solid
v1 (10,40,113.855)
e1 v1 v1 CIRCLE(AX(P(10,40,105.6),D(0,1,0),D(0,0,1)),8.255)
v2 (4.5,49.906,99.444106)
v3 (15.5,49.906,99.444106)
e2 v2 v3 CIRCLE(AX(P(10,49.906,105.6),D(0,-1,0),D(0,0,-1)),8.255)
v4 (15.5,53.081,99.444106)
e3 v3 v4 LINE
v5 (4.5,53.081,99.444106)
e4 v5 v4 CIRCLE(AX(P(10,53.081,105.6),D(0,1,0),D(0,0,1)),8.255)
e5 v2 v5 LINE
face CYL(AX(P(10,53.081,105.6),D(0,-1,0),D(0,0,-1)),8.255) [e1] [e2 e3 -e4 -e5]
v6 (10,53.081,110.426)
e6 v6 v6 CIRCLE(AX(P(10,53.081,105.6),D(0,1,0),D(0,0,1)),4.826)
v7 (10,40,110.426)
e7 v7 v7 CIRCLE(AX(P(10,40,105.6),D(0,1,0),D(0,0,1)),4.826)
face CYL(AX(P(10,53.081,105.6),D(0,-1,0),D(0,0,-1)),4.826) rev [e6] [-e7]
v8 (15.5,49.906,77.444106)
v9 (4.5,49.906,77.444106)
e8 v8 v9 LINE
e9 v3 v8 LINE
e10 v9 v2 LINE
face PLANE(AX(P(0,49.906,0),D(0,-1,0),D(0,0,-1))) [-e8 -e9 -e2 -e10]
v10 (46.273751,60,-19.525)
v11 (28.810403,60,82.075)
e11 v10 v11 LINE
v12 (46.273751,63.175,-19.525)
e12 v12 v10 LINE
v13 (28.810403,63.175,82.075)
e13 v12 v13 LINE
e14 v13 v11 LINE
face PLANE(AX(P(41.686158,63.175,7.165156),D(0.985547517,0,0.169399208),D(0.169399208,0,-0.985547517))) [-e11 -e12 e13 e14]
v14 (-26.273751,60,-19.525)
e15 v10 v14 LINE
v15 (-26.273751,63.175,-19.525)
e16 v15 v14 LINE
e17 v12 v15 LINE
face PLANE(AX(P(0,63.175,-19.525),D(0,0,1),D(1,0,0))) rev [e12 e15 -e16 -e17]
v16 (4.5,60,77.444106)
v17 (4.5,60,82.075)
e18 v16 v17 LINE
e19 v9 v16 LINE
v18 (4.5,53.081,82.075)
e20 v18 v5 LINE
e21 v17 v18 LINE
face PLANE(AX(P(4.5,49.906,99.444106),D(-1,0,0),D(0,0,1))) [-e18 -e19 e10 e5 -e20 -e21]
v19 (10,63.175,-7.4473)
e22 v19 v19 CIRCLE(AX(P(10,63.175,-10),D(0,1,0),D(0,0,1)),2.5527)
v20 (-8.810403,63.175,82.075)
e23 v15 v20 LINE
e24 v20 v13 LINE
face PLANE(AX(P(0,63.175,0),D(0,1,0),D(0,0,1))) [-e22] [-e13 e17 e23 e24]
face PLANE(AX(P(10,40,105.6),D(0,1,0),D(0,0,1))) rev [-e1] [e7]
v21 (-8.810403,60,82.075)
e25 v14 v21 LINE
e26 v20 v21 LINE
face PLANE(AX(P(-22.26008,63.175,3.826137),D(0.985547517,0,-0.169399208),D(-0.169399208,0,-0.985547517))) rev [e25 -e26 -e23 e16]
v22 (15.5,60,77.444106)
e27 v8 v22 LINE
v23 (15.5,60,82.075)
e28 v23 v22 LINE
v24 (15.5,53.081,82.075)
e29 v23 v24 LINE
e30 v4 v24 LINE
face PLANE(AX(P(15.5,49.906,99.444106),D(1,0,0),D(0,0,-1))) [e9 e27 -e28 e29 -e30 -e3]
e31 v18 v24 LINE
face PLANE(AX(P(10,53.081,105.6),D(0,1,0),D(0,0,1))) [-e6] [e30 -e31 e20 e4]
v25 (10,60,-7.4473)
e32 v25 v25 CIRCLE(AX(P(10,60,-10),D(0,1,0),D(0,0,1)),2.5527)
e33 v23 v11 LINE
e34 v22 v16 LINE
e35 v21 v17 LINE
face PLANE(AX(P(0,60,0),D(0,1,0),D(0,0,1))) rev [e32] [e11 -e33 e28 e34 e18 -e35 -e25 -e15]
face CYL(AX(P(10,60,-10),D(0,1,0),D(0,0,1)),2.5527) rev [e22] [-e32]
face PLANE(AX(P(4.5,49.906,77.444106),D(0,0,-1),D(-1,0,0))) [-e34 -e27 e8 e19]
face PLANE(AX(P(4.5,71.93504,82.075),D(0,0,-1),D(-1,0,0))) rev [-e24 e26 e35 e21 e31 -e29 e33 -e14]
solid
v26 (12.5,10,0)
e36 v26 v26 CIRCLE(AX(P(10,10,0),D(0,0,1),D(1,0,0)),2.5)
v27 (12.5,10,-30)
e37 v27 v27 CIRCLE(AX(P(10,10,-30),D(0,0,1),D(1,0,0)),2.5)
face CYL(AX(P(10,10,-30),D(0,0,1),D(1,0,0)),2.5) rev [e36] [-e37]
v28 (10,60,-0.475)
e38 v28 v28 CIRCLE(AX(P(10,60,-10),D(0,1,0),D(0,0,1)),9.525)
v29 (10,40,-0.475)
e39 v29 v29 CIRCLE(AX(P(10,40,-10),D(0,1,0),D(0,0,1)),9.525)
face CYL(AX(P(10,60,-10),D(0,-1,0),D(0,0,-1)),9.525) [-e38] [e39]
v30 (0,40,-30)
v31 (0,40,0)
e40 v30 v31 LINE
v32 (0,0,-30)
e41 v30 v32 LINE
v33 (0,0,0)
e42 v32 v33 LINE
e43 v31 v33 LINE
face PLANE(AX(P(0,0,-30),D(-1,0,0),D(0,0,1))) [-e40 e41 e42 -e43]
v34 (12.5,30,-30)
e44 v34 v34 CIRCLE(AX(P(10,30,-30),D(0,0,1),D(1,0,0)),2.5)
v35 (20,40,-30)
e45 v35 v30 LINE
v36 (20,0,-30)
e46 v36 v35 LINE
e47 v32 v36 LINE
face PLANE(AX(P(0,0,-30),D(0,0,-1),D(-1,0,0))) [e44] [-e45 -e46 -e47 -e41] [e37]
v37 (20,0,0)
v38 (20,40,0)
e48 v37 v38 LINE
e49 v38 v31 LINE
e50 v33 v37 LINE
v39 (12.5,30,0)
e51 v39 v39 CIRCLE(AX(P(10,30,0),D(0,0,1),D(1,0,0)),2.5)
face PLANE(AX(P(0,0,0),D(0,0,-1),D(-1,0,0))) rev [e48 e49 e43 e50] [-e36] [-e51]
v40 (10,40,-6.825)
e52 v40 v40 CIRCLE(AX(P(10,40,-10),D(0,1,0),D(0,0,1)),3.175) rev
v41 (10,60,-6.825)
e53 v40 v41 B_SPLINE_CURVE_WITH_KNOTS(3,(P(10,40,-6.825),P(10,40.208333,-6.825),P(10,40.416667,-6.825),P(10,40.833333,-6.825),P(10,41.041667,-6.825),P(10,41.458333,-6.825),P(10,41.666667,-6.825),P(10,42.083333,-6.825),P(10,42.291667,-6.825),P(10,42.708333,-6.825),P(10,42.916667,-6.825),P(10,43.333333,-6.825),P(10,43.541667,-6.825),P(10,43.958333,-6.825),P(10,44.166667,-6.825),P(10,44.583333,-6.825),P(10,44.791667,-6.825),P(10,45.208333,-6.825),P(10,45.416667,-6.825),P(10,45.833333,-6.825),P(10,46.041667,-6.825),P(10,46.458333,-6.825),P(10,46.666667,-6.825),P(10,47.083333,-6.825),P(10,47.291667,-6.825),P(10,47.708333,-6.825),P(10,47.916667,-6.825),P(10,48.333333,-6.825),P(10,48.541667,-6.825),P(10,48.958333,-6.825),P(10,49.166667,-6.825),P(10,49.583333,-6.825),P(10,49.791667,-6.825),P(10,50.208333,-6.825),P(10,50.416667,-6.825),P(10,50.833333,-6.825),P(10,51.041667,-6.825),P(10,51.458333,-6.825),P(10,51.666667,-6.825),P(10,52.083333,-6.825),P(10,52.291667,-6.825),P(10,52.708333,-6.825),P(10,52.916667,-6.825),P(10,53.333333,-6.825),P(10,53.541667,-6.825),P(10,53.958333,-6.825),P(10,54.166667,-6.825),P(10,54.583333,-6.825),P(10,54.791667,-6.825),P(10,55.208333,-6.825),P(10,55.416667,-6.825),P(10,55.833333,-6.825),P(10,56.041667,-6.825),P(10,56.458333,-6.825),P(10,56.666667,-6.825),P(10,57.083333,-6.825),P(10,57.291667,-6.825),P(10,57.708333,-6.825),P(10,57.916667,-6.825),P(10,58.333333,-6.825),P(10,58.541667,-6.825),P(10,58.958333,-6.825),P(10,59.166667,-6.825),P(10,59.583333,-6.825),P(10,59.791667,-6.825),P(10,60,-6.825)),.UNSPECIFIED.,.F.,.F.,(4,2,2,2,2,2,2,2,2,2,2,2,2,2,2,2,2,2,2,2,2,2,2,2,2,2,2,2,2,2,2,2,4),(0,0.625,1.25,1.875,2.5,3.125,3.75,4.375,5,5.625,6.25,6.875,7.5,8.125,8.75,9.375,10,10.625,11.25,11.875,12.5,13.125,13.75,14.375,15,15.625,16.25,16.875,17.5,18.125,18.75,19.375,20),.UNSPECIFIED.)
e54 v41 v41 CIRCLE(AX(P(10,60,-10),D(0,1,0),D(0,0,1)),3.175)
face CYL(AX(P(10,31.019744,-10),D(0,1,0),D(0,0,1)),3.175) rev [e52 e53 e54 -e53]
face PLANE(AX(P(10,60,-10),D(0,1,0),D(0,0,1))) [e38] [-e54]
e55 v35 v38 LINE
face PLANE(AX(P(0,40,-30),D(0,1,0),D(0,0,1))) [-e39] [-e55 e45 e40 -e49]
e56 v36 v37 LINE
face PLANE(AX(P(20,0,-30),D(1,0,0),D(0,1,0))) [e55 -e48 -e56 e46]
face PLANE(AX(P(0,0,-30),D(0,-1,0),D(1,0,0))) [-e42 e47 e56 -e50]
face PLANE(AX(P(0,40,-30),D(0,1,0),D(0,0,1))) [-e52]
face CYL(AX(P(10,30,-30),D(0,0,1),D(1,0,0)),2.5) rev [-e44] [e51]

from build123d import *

# Parameters (mm, degrees)
SKETCH1_W           = 20
SKETCH1_H           = 40
SKETCH1_R           = 2.5
BOSS_EXTRUDE1_DEPTH = 30
SKETCH3_R           = 9.525
BOSS_EXTRUDE2_DEPTH = 20
SKETCH5_R           = 3.175
CUT_EXTRUDE1_DEPTH  = 20
SKETCH4_R           = 4.826
BOSS_EXTRUDE3_DEPTH = 3.175
SKETCH7_R           = 8.255
SKETCH7_R_2         = 4.826
BOSS_EXTRUDE5_DEPTH = 13.081
SKETCH9_W           = 11
SKETCH9_H           = 22
BOSS_EXTRUDE6_DEPTH = 3.175
SKETCH10_W          = 11
SKETCH10_H          = 4.630893518
BOSS_EXTRUDE7_DEPTH = 6.919
SKETCH13_R          = 2.5527
CUT_EXTRUDE5_DEPTH  = 3.175


with BuildPart() as part:
    # Sketch1 → Boss-Extrude1 (new body)
    with BuildSketch(Plane.XY):
        with Locations((10, 20)):
            Rectangle(SKETCH1_W, SKETCH1_H)
        with Locations((10, 30)):
            Circle(SKETCH1_R, mode=Mode.SUBTRACT)
        with Locations((10, 10)):
            Circle(SKETCH1_R, mode=Mode.SUBTRACT)
    extrude(amount=-BOSS_EXTRUDE1_DEPTH)

    # Sketch3 → Boss-Extrude2 (add)
    with BuildSketch(Plane(origin=(0, 40, 0), x_dir=(1, 0, 0), z_dir=(0, 1, 0))):
        with Locations(Location((10, 10, 0), (0, 0, 270))):
            Circle(SKETCH3_R)
    extrude(amount=BOSS_EXTRUDE2_DEPTH)

    # Sketch5 → Cut-Extrude1 (cut)
    with BuildSketch(Plane(origin=(0, 60, 0), x_dir=(1, 0, 0), z_dir=(0, 1, 0))):
        with Locations(Location((10, 10, 0), (0, 0, 270))):
            Circle(SKETCH5_R)
    extrude(amount=-CUT_EXTRUDE1_DEPTH, mode=Mode.SUBTRACT)


with BuildPart() as body_2:
    # Sketch4 → Boss-Extrude3 (new body)
    # profile 1 of 2: a face of its own
    with BuildSketch(Plane(origin=(0, 60, 0), x_dir=(1, 0, 0), z_dir=(0, 1, 0))):
        Polygon((46.273751225, 19.525), (28.810402961, -82.075), (-8.810402961, -82.075), (-26.273751225, 19.525), align=None)
        with Locations((10, -73.185)):
            Circle(SKETCH4_R, mode=Mode.SUBTRACT)
    # profile 2 of 2: a face of its own
    with BuildSketch(Plane(origin=(0, 60, 0), x_dir=(1, 0, 0), z_dir=(0, 1, 0))):
        with Locations((10, -73.185)):
            Circle(SKETCH4_R)
    extrude(amount=BOSS_EXTRUDE3_DEPTH)


with BuildPart() as body_3:
    # Sketch7 → Boss-Extrude5 (new body)
    with BuildSketch(Plane(origin=(0, 40, 0), x_dir=(1, 0, 0), z_dir=(0, 1, 0))):
        with Locations(Location((10, -105.6, 0), (0, 0, 270))):
            Circle(SKETCH7_R)
        with Locations(Location((10, -105.6, 0), (0, 0, 270))):
            Circle(SKETCH7_R_2, mode=Mode.SUBTRACT)
    extrude(amount=BOSS_EXTRUDE5_DEPTH)

    # Sketch9 → Boss-Extrude6 (add)
    with BuildSketch(Plane(origin=(0, 53.081, 0), x_dir=(1, 0, 0), z_dir=(0, 1, 0))):
        with Locations((10, -88.444106482)):
            Rectangle(SKETCH9_W, SKETCH9_H)
    extrude(amount=-BOSS_EXTRUDE6_DEPTH)

    # Sketch10 → Boss-Extrude7 (add)
    with BuildSketch(Plane(origin=(0, 53.081, 0), x_dir=(1, 0, 0), z_dir=(0, 1, 0))):
        with Locations((10, -79.759553241)):
            Rectangle(SKETCH10_W, SKETCH10_H)
    extrude(amount=BOSS_EXTRUDE7_DEPTH)

    # Combine1: union body 2
    add(body_2.part)

    # Sketch13 → Cut-Extrude5 (cut)
    with BuildSketch(Plane(origin=(0, 63.175, 0), x_dir=(1, 0, 0), z_dir=(0, 1, 0))):
        with Locations(Location((10, 10, 0), (0, 0, 270))):
            Circle(SKETCH13_R)
    extrude(amount=-CUT_EXTRUDE5_DEPTH, mode=Mode.SUBTRACT)


solid = Compound([part.part, body_3.part])
